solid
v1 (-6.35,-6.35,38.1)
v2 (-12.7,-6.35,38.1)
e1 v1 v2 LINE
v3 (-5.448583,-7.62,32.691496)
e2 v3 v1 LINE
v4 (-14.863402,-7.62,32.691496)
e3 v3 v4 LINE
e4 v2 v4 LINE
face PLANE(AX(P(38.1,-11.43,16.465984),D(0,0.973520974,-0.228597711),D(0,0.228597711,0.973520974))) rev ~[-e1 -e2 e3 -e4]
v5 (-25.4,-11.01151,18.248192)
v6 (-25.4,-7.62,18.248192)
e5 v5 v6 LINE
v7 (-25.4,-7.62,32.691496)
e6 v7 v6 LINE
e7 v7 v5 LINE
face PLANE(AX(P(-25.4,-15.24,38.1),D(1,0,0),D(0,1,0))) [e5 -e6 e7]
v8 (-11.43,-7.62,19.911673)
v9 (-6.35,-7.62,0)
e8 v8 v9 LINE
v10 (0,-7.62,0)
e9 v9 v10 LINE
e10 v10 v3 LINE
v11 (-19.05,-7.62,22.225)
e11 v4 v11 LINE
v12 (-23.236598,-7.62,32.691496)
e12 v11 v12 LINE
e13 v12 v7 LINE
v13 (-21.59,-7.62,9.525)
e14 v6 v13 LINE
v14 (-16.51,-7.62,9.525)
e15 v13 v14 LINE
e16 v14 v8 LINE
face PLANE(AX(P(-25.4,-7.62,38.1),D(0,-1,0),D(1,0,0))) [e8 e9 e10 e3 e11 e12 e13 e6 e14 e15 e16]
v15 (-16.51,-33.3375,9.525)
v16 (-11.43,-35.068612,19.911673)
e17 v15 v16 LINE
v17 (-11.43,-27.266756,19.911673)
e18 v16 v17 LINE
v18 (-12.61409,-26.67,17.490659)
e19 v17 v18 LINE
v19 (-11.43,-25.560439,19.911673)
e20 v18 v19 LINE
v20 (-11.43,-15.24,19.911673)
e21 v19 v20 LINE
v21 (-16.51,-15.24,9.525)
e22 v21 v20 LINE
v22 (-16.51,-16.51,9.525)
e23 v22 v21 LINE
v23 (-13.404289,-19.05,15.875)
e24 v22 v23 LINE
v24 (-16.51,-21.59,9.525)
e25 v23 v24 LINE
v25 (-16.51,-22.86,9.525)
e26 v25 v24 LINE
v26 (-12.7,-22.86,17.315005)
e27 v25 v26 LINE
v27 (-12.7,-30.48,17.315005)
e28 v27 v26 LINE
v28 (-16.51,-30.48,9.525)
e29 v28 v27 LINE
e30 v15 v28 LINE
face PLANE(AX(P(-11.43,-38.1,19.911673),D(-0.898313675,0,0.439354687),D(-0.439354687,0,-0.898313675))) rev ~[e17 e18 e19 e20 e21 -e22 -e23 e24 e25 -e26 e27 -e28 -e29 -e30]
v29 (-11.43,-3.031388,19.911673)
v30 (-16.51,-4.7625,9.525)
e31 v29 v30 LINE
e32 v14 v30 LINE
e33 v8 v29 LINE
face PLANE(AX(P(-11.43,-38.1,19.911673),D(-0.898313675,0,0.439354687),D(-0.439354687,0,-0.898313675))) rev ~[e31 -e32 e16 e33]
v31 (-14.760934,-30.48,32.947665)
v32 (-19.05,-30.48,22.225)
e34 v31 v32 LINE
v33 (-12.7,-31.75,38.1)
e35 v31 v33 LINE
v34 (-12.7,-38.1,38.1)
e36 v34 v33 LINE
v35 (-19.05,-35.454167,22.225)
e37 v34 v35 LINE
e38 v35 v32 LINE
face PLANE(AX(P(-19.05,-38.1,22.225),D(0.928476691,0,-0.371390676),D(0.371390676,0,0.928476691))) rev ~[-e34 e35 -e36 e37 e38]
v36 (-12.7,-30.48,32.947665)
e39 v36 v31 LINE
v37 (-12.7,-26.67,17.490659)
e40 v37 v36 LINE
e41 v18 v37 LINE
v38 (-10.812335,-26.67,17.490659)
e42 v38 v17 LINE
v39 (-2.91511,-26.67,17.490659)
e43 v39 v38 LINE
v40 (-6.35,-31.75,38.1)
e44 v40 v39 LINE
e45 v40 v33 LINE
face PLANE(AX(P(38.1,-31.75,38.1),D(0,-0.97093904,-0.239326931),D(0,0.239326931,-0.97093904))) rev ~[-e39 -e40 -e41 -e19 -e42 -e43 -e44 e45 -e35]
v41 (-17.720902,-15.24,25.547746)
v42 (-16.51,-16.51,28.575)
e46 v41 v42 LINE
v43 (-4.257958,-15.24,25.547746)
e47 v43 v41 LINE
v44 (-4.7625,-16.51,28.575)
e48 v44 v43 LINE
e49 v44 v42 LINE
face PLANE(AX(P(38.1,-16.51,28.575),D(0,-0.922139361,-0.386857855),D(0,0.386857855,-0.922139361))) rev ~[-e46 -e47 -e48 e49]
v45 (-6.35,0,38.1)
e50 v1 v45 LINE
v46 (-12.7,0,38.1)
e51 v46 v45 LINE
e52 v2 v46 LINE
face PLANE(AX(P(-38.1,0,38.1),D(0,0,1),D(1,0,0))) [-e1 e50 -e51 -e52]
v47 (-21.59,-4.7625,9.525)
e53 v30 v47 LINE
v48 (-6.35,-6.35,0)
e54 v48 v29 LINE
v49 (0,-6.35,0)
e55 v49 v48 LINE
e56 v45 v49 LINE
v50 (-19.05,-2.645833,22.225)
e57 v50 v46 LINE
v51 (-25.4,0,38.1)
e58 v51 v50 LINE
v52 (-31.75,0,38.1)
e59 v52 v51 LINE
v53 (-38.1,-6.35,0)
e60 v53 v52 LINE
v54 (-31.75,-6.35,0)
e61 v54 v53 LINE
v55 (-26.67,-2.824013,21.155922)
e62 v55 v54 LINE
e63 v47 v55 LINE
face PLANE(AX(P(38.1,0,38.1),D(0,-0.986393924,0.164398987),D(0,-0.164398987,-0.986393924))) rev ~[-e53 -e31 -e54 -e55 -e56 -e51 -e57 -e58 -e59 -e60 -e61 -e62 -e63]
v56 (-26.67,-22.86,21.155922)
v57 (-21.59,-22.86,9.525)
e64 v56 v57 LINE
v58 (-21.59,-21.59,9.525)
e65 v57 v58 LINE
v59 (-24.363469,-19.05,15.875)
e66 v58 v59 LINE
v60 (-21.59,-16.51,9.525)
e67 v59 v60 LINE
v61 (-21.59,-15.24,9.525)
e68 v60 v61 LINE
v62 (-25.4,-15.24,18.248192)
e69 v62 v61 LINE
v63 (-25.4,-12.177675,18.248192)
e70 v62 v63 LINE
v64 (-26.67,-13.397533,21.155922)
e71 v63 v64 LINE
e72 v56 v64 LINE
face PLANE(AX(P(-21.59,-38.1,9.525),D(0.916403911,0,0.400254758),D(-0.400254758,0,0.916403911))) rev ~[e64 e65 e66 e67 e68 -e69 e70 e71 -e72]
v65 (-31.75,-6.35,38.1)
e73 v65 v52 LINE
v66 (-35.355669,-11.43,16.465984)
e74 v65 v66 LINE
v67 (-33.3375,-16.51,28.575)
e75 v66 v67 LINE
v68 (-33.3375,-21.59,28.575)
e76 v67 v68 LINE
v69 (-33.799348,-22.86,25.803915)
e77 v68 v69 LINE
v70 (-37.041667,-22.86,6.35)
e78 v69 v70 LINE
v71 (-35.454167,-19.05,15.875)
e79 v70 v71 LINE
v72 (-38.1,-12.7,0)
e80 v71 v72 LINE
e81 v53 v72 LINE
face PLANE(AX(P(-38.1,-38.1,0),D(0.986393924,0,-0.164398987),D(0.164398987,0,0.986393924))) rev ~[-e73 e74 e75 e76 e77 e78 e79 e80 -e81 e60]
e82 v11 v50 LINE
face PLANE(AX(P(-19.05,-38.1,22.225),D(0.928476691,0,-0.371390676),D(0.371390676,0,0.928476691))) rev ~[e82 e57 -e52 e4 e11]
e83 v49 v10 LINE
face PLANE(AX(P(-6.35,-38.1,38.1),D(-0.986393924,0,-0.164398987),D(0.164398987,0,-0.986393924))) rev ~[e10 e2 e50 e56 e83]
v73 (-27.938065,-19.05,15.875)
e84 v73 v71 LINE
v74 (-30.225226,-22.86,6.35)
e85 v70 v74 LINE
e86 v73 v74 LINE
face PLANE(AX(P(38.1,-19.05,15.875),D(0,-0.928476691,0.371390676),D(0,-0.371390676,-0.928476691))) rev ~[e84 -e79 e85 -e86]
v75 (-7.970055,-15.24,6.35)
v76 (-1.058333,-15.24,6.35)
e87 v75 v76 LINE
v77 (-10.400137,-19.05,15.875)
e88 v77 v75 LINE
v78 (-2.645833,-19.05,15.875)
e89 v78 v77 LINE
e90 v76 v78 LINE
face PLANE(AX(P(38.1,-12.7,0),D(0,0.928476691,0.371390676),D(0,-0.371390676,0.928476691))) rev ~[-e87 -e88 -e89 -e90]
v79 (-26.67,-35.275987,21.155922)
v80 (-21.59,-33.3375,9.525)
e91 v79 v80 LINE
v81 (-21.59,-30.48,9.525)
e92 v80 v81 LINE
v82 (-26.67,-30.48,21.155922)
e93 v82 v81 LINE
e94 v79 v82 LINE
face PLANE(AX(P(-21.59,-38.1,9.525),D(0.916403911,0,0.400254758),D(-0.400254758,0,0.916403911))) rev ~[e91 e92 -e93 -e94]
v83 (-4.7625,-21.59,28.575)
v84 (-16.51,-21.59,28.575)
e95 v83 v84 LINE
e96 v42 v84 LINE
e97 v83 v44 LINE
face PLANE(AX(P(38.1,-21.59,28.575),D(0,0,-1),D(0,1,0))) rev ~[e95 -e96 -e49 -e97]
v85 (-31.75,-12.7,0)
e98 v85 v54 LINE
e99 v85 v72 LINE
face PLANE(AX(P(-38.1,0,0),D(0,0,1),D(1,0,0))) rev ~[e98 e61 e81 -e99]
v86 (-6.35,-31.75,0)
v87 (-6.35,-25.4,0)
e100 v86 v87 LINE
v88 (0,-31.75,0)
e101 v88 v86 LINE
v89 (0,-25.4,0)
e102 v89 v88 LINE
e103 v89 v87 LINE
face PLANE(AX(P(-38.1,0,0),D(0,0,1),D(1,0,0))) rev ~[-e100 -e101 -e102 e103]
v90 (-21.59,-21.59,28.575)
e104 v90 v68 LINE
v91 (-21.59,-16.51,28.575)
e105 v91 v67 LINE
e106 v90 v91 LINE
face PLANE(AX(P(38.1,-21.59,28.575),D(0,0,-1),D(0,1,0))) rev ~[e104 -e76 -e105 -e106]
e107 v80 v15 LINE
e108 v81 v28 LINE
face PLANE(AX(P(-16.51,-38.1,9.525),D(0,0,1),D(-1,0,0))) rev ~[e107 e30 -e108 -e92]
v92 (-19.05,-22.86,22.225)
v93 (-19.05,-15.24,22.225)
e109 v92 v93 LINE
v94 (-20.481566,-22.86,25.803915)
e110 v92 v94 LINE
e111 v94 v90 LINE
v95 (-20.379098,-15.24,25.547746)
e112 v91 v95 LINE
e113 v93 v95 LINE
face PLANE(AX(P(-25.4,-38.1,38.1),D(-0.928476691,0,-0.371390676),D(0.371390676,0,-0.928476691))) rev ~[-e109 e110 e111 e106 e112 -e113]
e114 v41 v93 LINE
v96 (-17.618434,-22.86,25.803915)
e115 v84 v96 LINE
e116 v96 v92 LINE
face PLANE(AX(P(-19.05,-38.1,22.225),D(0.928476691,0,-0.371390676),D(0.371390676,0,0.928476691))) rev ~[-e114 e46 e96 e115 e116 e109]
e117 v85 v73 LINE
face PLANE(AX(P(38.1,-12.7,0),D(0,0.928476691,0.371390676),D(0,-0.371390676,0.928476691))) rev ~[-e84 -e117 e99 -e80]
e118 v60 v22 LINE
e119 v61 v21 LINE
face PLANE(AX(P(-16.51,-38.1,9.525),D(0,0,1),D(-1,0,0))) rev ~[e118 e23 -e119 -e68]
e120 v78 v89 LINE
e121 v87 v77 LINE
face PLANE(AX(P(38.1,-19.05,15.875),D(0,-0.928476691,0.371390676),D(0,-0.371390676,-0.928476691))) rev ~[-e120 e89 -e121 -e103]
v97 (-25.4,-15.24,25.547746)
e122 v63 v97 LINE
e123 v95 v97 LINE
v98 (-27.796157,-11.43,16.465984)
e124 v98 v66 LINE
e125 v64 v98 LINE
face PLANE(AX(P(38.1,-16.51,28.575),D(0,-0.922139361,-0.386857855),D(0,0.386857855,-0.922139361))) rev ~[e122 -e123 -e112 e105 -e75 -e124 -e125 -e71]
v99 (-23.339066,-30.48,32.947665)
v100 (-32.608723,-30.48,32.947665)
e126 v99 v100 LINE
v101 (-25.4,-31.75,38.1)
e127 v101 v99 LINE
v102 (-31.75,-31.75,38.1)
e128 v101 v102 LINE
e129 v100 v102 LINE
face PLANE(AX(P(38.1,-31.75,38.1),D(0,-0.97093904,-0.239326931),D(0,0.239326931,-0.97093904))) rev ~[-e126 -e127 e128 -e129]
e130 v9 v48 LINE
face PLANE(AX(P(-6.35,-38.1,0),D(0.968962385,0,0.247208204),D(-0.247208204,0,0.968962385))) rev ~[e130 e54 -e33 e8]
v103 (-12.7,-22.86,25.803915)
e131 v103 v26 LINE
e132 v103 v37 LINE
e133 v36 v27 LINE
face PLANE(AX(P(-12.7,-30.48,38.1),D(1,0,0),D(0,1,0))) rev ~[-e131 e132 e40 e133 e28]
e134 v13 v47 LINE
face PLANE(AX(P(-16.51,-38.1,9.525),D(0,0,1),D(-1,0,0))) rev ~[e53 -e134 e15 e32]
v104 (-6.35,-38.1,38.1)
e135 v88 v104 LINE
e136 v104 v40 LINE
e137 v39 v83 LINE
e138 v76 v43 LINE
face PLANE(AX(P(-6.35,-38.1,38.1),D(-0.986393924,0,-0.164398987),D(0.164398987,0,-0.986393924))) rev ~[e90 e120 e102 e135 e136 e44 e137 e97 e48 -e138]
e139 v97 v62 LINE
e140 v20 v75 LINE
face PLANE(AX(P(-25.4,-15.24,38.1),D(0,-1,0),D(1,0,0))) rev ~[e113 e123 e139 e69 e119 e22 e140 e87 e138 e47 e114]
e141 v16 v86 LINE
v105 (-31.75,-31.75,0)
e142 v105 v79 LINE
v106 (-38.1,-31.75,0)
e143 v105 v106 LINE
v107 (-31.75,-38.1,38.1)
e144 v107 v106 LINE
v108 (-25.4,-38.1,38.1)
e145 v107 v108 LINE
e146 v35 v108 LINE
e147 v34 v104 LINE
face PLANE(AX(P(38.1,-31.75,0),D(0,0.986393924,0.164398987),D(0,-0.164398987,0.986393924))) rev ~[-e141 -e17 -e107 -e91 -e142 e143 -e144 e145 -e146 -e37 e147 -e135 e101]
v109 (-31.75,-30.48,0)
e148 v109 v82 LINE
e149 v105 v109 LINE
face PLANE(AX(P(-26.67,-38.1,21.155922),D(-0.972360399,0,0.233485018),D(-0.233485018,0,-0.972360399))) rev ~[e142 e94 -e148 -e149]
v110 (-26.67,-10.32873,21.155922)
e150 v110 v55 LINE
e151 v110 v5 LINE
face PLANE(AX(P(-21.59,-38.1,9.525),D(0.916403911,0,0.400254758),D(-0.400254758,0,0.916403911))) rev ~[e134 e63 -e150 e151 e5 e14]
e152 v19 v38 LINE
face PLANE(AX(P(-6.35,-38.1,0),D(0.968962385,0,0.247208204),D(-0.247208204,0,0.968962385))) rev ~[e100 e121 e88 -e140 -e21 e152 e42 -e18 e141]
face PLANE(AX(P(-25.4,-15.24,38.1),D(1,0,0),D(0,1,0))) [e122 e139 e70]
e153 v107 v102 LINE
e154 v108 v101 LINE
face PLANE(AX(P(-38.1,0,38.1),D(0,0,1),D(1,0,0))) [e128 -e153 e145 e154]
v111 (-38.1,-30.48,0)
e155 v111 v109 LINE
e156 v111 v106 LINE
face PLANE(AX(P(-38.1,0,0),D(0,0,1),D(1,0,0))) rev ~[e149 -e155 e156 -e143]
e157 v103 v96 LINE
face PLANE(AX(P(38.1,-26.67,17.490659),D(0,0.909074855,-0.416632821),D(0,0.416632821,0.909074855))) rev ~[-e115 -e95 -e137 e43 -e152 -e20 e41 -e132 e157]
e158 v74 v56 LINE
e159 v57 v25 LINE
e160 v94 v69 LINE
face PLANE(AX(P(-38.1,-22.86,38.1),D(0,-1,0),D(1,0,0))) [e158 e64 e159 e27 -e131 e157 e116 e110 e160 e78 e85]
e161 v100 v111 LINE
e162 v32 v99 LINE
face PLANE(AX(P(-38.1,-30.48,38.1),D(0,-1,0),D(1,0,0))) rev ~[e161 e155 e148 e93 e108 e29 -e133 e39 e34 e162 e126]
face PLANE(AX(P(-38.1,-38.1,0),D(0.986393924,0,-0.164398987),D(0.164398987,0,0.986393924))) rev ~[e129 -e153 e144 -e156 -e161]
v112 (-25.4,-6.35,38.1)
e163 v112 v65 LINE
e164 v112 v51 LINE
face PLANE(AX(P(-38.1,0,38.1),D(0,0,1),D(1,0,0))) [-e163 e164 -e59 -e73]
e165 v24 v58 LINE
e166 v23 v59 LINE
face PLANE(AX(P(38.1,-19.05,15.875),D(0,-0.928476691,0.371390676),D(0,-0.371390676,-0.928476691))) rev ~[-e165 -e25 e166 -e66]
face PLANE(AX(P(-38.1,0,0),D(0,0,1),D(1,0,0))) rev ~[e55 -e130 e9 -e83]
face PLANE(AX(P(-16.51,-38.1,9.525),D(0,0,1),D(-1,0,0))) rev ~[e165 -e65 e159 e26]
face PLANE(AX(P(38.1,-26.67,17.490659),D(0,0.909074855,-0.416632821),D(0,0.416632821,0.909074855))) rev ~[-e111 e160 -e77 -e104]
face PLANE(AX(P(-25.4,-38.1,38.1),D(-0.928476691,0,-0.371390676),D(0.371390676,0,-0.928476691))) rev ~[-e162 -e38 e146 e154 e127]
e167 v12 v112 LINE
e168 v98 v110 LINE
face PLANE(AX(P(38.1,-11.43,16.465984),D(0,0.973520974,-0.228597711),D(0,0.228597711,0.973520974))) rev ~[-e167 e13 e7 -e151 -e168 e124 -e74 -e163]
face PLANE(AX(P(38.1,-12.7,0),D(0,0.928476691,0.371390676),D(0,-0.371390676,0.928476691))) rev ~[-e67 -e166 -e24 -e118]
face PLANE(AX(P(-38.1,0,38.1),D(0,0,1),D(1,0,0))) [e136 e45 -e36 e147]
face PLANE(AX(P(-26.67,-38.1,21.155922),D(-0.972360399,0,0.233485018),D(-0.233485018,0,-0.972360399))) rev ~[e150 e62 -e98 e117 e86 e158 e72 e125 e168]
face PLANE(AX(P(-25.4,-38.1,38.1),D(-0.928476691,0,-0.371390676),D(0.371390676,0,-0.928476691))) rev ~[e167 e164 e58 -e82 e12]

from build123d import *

# Parameters (mm, degrees)
F0_W      = 38.1
F0_H      = 38.1
F1_DEPTH  = 38.1
F6_DEPTH  = 76.2
F8_DEPTH  = 38.1
F9_W      = 25.4
F9_H      = 7.62
F10_DEPTH = 38.1


with BuildPart() as f1:
    # F0 (on Front) → F1 (new body)
    with BuildSketch(Plane.XZ):
        with Locations((-19.05, 19.05)):
            Rectangle(F0_W, F0_H)
    extrude(amount=F1_DEPTH)

    # F5 (on offset) → F6 (cut)
    with BuildSketch(Plane.YZ.offset(38.1)):
        Polygon((-11.43, 16.465984), (-6.35, 38.1), (-31.75, 38.1), (-26.67, 17.490659), (-21.59, 28.575), (-16.51, 28.575), align=None)
        Polygon((-25.4, 0), (-12.7, 0), (-19.05, 15.875), align=None)
        Polygon((-6.35, 0), (0, 0), (0, 38.1), align=None)
        Polygon((-38.1, 0), (-31.75, 0), (-38.1, 38.1), align=None)
    extrude(amount=-F6_DEPTH, mode=Mode.SUBTRACT)

    # F7 (on offset) → F8 (cut)
    with BuildSketch(Plane.XZ.offset(38.1)):
        Polygon((-38.1, 38.1), (-38.1, 0), (-31.75, 38.1), align=None)
        Polygon((-19.05, 22.225), (-12.7, 38.1), (-25.4, 38.1), align=None)
        Polygon((-6.35, 38.1), (0, 0), (0, 38.1), align=None)
        Polygon((-31.75, 0), (-6.35, 0), (-11.43, 19.911673), (-16.51, 9.525), (-21.59, 9.525), (-26.67, 21.155922), align=None)
    extrude(amount=-F8_DEPTH, mode=Mode.SUBTRACT)

    # F9 (on offset) → F10 (cut)
    with BuildSketch(Plane.XY.offset(38.1)):
        with Locations((-12.7, -11.43)):
            Rectangle(F9_W, F9_H)
        with Locations((-25.4, -26.67)):
            Rectangle(F9_W, F9_H)
    extrude(amount=-F10_DEPTH, mode=Mode.SUBTRACT)


solid = f1.part
